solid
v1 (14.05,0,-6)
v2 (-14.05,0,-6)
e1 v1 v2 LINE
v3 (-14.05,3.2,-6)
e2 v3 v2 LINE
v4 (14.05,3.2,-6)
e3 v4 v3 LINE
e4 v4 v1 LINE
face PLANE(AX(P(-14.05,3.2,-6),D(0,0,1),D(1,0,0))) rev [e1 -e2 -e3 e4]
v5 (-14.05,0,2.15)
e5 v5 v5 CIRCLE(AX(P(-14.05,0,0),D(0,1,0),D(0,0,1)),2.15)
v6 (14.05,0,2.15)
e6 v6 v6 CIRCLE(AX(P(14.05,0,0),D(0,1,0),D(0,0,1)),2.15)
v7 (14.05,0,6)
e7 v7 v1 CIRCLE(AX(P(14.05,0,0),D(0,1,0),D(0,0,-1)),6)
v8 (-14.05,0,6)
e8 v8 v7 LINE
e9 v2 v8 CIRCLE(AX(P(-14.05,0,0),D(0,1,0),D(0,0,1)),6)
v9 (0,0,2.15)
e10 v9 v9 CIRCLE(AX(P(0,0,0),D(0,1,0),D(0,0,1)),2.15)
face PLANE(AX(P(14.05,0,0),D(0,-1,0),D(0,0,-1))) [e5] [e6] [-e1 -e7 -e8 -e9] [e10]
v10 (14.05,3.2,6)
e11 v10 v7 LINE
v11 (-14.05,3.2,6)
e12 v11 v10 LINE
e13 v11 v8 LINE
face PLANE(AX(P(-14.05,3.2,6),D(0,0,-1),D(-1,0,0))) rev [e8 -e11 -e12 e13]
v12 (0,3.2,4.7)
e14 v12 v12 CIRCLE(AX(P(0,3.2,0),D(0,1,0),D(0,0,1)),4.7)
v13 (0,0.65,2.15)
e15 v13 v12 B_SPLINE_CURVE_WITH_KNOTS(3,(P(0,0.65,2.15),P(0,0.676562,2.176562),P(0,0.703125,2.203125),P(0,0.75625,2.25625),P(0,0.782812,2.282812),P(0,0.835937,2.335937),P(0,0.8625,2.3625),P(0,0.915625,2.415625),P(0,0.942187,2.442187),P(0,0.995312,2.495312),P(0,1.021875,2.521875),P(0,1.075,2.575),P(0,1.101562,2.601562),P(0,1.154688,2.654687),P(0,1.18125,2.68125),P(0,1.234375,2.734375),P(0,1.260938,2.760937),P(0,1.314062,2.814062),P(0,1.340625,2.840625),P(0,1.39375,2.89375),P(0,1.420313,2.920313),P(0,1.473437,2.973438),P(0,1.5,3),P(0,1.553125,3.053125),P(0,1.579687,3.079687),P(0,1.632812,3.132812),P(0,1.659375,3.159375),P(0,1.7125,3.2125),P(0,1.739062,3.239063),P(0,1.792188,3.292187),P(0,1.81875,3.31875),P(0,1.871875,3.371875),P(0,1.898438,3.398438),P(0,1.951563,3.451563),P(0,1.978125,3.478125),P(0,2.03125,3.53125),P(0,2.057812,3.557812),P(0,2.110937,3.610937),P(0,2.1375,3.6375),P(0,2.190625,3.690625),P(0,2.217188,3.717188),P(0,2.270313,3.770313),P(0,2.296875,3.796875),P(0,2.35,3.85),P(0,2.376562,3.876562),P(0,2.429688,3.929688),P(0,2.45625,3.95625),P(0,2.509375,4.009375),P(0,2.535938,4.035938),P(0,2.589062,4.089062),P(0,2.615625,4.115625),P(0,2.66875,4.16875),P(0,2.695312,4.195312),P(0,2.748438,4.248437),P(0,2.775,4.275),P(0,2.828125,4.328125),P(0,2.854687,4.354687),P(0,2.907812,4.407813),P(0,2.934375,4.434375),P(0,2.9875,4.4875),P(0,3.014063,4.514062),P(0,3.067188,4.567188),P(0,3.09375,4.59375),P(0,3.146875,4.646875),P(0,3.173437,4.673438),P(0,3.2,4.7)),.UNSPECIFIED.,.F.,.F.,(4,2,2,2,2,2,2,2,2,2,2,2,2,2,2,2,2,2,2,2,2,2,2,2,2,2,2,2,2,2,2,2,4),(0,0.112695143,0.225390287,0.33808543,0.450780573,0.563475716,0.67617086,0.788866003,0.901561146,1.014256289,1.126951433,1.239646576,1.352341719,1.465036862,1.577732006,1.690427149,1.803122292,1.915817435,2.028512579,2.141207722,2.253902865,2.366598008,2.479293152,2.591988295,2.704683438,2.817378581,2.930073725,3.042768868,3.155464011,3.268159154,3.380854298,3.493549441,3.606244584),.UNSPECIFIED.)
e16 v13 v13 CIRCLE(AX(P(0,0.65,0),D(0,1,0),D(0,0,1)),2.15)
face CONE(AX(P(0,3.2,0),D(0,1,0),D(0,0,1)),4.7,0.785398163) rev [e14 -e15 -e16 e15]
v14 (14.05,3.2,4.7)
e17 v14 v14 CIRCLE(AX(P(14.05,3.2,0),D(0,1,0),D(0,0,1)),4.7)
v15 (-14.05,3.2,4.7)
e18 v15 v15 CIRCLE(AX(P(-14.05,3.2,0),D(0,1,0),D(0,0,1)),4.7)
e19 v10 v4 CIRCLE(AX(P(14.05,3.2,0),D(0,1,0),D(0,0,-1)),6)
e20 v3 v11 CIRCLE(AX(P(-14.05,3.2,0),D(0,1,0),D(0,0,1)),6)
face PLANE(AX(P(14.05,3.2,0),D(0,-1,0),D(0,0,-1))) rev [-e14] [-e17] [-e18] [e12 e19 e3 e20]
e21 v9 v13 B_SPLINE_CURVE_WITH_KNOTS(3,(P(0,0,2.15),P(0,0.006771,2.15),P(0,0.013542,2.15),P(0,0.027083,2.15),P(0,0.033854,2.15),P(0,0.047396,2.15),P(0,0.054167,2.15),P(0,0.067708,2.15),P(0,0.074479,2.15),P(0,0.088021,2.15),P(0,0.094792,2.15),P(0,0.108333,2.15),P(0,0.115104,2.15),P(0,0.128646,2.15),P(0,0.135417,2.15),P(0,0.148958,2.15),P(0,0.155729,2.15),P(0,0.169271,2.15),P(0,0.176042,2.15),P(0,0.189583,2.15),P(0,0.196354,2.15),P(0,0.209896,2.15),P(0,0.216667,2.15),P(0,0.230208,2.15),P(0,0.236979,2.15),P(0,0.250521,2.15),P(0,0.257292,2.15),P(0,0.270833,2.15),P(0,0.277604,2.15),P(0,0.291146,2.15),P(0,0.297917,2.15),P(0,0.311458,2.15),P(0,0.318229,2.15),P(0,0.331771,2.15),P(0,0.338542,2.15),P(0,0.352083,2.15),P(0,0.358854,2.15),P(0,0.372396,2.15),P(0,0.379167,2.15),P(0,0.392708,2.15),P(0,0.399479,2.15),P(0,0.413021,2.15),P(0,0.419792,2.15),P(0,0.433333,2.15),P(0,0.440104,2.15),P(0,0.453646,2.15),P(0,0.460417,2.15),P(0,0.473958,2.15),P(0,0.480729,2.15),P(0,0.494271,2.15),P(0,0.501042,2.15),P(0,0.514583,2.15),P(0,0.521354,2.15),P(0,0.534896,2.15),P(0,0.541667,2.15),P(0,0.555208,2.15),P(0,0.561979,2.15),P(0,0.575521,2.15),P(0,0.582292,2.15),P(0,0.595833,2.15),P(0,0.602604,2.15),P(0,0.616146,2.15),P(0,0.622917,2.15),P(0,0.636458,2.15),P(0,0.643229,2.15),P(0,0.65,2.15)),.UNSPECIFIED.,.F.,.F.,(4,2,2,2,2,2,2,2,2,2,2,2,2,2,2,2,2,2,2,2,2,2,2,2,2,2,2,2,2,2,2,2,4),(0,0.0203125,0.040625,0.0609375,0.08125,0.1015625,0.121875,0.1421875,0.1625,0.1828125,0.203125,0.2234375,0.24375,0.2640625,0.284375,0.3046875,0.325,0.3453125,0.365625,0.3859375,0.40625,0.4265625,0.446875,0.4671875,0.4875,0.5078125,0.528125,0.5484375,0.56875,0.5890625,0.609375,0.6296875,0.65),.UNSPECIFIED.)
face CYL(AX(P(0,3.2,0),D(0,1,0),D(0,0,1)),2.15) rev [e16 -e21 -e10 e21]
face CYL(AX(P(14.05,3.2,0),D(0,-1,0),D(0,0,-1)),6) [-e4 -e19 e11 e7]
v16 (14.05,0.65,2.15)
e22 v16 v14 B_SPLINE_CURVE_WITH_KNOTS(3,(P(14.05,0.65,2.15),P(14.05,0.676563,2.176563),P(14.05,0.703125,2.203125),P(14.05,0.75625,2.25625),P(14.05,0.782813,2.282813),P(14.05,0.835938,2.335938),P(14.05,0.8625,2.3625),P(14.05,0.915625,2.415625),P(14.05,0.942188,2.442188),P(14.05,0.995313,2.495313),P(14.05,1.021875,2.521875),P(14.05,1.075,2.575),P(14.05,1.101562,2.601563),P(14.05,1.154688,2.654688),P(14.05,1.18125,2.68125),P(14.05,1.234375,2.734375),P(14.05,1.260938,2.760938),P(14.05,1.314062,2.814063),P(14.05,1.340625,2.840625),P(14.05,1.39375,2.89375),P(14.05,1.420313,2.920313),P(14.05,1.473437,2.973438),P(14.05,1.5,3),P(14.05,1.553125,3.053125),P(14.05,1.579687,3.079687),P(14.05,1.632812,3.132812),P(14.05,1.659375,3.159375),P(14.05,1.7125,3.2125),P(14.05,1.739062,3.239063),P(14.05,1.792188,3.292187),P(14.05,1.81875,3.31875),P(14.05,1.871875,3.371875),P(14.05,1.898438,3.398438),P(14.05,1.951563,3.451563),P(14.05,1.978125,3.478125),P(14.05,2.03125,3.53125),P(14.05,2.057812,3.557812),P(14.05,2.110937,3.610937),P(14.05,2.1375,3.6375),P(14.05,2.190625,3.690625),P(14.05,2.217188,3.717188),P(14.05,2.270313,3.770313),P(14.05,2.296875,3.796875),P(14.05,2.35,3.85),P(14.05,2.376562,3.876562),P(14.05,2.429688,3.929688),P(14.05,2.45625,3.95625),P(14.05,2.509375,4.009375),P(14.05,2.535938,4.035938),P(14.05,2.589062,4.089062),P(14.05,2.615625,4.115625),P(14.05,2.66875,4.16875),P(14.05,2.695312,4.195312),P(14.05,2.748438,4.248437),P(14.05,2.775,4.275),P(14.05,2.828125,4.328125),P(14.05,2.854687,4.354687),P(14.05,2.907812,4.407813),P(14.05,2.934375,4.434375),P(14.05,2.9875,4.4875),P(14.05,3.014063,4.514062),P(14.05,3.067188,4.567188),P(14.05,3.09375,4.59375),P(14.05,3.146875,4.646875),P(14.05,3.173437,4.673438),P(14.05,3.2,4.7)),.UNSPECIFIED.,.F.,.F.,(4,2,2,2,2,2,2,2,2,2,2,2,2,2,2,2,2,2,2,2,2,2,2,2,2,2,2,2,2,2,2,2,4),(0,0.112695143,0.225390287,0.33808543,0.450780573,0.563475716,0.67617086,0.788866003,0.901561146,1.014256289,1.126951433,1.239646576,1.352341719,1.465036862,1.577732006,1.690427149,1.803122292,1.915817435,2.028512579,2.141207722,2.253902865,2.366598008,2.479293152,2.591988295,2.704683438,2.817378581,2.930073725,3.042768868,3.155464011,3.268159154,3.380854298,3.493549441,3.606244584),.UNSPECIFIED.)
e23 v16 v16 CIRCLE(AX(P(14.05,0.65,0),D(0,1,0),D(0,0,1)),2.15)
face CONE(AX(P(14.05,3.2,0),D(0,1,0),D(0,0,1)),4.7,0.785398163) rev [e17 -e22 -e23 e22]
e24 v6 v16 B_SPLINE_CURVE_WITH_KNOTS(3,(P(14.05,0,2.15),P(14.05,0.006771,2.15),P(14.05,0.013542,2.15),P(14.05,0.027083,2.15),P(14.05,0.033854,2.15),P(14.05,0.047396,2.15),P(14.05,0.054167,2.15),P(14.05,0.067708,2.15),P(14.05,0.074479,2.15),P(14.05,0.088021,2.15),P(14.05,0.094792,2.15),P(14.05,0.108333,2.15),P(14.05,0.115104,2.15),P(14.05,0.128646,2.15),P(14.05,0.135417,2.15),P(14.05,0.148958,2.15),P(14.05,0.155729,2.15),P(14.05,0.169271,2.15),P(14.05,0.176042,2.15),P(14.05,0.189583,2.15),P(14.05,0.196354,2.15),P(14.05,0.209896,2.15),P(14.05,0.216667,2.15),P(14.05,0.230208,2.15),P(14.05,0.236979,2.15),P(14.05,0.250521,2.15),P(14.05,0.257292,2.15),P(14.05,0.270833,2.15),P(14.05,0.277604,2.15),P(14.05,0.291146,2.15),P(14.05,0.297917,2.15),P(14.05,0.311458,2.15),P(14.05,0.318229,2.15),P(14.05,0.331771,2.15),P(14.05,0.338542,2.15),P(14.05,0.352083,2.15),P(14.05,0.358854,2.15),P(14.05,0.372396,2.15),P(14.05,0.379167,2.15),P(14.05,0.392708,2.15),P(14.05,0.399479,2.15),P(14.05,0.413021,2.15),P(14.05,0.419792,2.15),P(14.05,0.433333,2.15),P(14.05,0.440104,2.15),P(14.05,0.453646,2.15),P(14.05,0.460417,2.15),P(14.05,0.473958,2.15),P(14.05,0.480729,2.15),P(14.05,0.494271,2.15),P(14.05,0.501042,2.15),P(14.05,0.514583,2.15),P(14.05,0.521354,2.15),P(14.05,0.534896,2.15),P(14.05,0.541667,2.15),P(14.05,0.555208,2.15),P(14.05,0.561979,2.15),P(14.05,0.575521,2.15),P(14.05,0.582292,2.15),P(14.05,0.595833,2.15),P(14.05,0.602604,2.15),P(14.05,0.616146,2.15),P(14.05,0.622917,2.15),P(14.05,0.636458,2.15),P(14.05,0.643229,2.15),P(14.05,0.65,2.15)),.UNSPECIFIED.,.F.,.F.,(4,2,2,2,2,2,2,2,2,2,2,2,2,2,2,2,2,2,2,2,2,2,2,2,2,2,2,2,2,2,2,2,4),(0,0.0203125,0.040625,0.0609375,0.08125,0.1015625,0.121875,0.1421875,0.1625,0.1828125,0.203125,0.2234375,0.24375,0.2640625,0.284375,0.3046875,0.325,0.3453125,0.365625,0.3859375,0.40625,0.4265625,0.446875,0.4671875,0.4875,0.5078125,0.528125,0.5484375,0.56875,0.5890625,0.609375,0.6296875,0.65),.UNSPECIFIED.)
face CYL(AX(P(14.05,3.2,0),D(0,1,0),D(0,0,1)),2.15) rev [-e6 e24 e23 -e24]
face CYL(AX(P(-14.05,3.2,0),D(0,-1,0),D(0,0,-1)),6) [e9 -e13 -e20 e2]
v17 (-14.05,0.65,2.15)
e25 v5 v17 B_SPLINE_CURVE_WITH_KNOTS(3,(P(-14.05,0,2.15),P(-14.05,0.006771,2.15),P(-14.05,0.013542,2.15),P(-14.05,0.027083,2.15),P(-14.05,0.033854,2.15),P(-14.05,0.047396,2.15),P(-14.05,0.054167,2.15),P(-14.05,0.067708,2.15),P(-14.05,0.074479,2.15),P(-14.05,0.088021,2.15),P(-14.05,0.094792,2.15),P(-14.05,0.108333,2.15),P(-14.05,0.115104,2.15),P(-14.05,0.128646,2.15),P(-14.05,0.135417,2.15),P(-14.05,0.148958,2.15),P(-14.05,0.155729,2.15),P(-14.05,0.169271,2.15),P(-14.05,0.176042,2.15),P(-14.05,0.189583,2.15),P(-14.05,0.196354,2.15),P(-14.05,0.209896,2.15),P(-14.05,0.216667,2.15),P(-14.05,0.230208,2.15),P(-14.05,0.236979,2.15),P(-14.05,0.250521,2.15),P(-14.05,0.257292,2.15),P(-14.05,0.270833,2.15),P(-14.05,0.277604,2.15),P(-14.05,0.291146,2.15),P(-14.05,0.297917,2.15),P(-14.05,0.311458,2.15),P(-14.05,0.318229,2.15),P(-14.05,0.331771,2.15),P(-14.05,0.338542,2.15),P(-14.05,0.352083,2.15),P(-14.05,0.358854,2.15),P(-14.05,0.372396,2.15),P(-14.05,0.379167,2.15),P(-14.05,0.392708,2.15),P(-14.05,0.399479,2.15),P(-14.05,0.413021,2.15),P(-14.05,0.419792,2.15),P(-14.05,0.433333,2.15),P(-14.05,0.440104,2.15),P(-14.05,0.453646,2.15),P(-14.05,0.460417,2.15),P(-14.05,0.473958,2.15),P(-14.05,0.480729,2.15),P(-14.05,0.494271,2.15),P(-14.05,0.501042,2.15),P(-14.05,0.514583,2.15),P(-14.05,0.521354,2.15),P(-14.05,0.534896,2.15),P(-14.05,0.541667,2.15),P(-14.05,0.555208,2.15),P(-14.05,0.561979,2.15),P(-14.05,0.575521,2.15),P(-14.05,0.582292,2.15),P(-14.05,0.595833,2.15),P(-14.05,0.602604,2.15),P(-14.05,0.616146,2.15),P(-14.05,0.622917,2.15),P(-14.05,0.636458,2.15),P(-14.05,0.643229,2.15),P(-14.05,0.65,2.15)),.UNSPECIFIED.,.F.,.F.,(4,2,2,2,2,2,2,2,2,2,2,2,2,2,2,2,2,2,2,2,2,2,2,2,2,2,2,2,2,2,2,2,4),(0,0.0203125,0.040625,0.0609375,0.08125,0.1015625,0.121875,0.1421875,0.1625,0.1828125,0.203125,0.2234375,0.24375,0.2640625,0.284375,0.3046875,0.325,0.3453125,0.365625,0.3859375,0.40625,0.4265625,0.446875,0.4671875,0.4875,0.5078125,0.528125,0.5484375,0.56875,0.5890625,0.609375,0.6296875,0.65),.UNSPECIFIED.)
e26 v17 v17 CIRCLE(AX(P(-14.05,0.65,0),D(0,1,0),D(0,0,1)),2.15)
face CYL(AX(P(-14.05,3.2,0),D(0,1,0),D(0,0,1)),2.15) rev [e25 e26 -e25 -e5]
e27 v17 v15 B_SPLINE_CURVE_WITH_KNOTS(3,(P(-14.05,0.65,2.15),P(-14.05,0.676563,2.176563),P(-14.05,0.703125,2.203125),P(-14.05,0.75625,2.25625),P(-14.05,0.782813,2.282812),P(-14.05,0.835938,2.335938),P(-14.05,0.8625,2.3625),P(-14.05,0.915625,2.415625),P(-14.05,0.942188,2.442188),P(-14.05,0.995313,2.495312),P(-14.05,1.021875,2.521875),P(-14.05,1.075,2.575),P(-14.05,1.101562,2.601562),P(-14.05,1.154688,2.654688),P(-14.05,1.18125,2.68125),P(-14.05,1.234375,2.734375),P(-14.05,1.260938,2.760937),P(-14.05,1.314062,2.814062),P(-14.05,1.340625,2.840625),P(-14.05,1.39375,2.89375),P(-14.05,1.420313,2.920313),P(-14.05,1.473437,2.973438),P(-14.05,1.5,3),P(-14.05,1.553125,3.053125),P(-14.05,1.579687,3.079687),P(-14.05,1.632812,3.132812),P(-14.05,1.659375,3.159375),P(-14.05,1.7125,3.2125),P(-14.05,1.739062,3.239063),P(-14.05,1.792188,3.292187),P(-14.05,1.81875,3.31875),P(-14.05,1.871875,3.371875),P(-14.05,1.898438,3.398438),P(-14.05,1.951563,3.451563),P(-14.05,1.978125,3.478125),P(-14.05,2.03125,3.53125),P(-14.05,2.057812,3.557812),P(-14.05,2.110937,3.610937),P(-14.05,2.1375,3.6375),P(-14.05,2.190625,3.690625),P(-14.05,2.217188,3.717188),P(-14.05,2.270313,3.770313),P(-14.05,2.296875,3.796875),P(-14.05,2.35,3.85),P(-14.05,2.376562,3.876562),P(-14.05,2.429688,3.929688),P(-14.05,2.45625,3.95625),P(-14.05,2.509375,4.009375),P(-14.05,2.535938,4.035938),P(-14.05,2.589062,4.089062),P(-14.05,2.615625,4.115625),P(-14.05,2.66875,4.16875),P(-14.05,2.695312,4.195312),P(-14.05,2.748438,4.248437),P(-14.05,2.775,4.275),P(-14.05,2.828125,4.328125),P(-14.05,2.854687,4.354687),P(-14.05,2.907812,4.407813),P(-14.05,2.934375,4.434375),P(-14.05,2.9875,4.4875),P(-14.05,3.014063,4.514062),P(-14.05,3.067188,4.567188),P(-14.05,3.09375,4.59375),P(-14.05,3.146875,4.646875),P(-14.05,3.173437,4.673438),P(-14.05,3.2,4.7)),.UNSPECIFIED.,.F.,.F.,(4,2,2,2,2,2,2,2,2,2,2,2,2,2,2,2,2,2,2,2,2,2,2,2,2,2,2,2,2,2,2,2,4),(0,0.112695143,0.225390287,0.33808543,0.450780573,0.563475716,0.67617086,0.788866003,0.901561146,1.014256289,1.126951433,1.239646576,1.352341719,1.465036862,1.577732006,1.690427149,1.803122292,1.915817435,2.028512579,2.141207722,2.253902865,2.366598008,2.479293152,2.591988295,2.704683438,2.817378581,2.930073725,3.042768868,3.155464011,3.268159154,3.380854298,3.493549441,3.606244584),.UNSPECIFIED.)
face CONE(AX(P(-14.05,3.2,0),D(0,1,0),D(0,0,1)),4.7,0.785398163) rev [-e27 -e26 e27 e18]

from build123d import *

# Parameters (mm, degrees)
BOSS_EXTRUDE2_DEPTH                          = 3.2
CSK_FOR_M4_COUNTERSUNK_FLAT_HEAD1_AT_2_COUNT = 2
CSK_FOR_M4_COUNTERSUNK_FLAT_HEAD1_AT_2_PITCH = 14.05
CSK_FOR_M4_COUNTERSUNK_FLAT_HEAD1_AT_3_COUNT = 2
CSK_FOR_M4_COUNTERSUNK_FLAT_HEAD1_AT_3_PITCH = 14.05


with BuildPart() as part:
    # Sketch3 → Boss-Extrude2 (new body)
    with BuildSketch(Plane(origin=(0, 0, 0), x_dir=(1, 0, 0), z_dir=(0, 1, 0))):
        with BuildLine():
            Line((-14.05, 6), (14.05, 6))
            ThreePointArc((14.05, 6), (20.05, 0), (14.05, -6))
            Line((14.05, -6), (-14.05, -6))
            ThreePointArc((-14.05, -6), (-20.05, 0), (-14.05, 6))
        make_face()
    extrude(amount=BOSS_EXTRUDE2_DEPTH)

    # Sketch5 → CSK for M4 Countersunk Flat Head1 (revolve, cut)
    with BuildSketch(Plane(origin=(0, 3.2, 0), x_dir=(0, 0, 1), z_dir=(1, 0, 0))):
        Polygon((0, 0), (0, 3.2), (2.15, 3.2), (2.15, 2.55), (4.7, 0), align=None)
    csk_for_m4_countersunk_flat_head1 = revolve(axis=Axis((0, 9.55, 0), (0, -1, 0)), mode=Mode.SUBTRACT)

    # CSK for M4 Countersunk Flat Head1 at 2: CSK for M4 Countersunk Flat Head1 ×2
    with Locations(*[(i * CSK_FOR_M4_COUNTERSUNK_FLAT_HEAD1_AT_2_PITCH, 0, 0) for i in range(1, CSK_FOR_M4_COUNTERSUNK_FLAT_HEAD1_AT_2_COUNT)]):
        add(csk_for_m4_countersunk_flat_head1, mode=Mode.SUBTRACT)

    # CSK for M4 Countersunk Flat Head1 at 3: CSK for M4 Countersunk Flat Head1 ×2
    with Locations(*[(-i * CSK_FOR_M4_COUNTERSUNK_FLAT_HEAD1_AT_3_PITCH, 0, 0) for i in range(1, CSK_FOR_M4_COUNTERSUNK_FLAT_HEAD1_AT_3_COUNT)]):
        add(csk_for_m4_countersunk_flat_head1, mode=Mode.SUBTRACT)


solid = part.part
